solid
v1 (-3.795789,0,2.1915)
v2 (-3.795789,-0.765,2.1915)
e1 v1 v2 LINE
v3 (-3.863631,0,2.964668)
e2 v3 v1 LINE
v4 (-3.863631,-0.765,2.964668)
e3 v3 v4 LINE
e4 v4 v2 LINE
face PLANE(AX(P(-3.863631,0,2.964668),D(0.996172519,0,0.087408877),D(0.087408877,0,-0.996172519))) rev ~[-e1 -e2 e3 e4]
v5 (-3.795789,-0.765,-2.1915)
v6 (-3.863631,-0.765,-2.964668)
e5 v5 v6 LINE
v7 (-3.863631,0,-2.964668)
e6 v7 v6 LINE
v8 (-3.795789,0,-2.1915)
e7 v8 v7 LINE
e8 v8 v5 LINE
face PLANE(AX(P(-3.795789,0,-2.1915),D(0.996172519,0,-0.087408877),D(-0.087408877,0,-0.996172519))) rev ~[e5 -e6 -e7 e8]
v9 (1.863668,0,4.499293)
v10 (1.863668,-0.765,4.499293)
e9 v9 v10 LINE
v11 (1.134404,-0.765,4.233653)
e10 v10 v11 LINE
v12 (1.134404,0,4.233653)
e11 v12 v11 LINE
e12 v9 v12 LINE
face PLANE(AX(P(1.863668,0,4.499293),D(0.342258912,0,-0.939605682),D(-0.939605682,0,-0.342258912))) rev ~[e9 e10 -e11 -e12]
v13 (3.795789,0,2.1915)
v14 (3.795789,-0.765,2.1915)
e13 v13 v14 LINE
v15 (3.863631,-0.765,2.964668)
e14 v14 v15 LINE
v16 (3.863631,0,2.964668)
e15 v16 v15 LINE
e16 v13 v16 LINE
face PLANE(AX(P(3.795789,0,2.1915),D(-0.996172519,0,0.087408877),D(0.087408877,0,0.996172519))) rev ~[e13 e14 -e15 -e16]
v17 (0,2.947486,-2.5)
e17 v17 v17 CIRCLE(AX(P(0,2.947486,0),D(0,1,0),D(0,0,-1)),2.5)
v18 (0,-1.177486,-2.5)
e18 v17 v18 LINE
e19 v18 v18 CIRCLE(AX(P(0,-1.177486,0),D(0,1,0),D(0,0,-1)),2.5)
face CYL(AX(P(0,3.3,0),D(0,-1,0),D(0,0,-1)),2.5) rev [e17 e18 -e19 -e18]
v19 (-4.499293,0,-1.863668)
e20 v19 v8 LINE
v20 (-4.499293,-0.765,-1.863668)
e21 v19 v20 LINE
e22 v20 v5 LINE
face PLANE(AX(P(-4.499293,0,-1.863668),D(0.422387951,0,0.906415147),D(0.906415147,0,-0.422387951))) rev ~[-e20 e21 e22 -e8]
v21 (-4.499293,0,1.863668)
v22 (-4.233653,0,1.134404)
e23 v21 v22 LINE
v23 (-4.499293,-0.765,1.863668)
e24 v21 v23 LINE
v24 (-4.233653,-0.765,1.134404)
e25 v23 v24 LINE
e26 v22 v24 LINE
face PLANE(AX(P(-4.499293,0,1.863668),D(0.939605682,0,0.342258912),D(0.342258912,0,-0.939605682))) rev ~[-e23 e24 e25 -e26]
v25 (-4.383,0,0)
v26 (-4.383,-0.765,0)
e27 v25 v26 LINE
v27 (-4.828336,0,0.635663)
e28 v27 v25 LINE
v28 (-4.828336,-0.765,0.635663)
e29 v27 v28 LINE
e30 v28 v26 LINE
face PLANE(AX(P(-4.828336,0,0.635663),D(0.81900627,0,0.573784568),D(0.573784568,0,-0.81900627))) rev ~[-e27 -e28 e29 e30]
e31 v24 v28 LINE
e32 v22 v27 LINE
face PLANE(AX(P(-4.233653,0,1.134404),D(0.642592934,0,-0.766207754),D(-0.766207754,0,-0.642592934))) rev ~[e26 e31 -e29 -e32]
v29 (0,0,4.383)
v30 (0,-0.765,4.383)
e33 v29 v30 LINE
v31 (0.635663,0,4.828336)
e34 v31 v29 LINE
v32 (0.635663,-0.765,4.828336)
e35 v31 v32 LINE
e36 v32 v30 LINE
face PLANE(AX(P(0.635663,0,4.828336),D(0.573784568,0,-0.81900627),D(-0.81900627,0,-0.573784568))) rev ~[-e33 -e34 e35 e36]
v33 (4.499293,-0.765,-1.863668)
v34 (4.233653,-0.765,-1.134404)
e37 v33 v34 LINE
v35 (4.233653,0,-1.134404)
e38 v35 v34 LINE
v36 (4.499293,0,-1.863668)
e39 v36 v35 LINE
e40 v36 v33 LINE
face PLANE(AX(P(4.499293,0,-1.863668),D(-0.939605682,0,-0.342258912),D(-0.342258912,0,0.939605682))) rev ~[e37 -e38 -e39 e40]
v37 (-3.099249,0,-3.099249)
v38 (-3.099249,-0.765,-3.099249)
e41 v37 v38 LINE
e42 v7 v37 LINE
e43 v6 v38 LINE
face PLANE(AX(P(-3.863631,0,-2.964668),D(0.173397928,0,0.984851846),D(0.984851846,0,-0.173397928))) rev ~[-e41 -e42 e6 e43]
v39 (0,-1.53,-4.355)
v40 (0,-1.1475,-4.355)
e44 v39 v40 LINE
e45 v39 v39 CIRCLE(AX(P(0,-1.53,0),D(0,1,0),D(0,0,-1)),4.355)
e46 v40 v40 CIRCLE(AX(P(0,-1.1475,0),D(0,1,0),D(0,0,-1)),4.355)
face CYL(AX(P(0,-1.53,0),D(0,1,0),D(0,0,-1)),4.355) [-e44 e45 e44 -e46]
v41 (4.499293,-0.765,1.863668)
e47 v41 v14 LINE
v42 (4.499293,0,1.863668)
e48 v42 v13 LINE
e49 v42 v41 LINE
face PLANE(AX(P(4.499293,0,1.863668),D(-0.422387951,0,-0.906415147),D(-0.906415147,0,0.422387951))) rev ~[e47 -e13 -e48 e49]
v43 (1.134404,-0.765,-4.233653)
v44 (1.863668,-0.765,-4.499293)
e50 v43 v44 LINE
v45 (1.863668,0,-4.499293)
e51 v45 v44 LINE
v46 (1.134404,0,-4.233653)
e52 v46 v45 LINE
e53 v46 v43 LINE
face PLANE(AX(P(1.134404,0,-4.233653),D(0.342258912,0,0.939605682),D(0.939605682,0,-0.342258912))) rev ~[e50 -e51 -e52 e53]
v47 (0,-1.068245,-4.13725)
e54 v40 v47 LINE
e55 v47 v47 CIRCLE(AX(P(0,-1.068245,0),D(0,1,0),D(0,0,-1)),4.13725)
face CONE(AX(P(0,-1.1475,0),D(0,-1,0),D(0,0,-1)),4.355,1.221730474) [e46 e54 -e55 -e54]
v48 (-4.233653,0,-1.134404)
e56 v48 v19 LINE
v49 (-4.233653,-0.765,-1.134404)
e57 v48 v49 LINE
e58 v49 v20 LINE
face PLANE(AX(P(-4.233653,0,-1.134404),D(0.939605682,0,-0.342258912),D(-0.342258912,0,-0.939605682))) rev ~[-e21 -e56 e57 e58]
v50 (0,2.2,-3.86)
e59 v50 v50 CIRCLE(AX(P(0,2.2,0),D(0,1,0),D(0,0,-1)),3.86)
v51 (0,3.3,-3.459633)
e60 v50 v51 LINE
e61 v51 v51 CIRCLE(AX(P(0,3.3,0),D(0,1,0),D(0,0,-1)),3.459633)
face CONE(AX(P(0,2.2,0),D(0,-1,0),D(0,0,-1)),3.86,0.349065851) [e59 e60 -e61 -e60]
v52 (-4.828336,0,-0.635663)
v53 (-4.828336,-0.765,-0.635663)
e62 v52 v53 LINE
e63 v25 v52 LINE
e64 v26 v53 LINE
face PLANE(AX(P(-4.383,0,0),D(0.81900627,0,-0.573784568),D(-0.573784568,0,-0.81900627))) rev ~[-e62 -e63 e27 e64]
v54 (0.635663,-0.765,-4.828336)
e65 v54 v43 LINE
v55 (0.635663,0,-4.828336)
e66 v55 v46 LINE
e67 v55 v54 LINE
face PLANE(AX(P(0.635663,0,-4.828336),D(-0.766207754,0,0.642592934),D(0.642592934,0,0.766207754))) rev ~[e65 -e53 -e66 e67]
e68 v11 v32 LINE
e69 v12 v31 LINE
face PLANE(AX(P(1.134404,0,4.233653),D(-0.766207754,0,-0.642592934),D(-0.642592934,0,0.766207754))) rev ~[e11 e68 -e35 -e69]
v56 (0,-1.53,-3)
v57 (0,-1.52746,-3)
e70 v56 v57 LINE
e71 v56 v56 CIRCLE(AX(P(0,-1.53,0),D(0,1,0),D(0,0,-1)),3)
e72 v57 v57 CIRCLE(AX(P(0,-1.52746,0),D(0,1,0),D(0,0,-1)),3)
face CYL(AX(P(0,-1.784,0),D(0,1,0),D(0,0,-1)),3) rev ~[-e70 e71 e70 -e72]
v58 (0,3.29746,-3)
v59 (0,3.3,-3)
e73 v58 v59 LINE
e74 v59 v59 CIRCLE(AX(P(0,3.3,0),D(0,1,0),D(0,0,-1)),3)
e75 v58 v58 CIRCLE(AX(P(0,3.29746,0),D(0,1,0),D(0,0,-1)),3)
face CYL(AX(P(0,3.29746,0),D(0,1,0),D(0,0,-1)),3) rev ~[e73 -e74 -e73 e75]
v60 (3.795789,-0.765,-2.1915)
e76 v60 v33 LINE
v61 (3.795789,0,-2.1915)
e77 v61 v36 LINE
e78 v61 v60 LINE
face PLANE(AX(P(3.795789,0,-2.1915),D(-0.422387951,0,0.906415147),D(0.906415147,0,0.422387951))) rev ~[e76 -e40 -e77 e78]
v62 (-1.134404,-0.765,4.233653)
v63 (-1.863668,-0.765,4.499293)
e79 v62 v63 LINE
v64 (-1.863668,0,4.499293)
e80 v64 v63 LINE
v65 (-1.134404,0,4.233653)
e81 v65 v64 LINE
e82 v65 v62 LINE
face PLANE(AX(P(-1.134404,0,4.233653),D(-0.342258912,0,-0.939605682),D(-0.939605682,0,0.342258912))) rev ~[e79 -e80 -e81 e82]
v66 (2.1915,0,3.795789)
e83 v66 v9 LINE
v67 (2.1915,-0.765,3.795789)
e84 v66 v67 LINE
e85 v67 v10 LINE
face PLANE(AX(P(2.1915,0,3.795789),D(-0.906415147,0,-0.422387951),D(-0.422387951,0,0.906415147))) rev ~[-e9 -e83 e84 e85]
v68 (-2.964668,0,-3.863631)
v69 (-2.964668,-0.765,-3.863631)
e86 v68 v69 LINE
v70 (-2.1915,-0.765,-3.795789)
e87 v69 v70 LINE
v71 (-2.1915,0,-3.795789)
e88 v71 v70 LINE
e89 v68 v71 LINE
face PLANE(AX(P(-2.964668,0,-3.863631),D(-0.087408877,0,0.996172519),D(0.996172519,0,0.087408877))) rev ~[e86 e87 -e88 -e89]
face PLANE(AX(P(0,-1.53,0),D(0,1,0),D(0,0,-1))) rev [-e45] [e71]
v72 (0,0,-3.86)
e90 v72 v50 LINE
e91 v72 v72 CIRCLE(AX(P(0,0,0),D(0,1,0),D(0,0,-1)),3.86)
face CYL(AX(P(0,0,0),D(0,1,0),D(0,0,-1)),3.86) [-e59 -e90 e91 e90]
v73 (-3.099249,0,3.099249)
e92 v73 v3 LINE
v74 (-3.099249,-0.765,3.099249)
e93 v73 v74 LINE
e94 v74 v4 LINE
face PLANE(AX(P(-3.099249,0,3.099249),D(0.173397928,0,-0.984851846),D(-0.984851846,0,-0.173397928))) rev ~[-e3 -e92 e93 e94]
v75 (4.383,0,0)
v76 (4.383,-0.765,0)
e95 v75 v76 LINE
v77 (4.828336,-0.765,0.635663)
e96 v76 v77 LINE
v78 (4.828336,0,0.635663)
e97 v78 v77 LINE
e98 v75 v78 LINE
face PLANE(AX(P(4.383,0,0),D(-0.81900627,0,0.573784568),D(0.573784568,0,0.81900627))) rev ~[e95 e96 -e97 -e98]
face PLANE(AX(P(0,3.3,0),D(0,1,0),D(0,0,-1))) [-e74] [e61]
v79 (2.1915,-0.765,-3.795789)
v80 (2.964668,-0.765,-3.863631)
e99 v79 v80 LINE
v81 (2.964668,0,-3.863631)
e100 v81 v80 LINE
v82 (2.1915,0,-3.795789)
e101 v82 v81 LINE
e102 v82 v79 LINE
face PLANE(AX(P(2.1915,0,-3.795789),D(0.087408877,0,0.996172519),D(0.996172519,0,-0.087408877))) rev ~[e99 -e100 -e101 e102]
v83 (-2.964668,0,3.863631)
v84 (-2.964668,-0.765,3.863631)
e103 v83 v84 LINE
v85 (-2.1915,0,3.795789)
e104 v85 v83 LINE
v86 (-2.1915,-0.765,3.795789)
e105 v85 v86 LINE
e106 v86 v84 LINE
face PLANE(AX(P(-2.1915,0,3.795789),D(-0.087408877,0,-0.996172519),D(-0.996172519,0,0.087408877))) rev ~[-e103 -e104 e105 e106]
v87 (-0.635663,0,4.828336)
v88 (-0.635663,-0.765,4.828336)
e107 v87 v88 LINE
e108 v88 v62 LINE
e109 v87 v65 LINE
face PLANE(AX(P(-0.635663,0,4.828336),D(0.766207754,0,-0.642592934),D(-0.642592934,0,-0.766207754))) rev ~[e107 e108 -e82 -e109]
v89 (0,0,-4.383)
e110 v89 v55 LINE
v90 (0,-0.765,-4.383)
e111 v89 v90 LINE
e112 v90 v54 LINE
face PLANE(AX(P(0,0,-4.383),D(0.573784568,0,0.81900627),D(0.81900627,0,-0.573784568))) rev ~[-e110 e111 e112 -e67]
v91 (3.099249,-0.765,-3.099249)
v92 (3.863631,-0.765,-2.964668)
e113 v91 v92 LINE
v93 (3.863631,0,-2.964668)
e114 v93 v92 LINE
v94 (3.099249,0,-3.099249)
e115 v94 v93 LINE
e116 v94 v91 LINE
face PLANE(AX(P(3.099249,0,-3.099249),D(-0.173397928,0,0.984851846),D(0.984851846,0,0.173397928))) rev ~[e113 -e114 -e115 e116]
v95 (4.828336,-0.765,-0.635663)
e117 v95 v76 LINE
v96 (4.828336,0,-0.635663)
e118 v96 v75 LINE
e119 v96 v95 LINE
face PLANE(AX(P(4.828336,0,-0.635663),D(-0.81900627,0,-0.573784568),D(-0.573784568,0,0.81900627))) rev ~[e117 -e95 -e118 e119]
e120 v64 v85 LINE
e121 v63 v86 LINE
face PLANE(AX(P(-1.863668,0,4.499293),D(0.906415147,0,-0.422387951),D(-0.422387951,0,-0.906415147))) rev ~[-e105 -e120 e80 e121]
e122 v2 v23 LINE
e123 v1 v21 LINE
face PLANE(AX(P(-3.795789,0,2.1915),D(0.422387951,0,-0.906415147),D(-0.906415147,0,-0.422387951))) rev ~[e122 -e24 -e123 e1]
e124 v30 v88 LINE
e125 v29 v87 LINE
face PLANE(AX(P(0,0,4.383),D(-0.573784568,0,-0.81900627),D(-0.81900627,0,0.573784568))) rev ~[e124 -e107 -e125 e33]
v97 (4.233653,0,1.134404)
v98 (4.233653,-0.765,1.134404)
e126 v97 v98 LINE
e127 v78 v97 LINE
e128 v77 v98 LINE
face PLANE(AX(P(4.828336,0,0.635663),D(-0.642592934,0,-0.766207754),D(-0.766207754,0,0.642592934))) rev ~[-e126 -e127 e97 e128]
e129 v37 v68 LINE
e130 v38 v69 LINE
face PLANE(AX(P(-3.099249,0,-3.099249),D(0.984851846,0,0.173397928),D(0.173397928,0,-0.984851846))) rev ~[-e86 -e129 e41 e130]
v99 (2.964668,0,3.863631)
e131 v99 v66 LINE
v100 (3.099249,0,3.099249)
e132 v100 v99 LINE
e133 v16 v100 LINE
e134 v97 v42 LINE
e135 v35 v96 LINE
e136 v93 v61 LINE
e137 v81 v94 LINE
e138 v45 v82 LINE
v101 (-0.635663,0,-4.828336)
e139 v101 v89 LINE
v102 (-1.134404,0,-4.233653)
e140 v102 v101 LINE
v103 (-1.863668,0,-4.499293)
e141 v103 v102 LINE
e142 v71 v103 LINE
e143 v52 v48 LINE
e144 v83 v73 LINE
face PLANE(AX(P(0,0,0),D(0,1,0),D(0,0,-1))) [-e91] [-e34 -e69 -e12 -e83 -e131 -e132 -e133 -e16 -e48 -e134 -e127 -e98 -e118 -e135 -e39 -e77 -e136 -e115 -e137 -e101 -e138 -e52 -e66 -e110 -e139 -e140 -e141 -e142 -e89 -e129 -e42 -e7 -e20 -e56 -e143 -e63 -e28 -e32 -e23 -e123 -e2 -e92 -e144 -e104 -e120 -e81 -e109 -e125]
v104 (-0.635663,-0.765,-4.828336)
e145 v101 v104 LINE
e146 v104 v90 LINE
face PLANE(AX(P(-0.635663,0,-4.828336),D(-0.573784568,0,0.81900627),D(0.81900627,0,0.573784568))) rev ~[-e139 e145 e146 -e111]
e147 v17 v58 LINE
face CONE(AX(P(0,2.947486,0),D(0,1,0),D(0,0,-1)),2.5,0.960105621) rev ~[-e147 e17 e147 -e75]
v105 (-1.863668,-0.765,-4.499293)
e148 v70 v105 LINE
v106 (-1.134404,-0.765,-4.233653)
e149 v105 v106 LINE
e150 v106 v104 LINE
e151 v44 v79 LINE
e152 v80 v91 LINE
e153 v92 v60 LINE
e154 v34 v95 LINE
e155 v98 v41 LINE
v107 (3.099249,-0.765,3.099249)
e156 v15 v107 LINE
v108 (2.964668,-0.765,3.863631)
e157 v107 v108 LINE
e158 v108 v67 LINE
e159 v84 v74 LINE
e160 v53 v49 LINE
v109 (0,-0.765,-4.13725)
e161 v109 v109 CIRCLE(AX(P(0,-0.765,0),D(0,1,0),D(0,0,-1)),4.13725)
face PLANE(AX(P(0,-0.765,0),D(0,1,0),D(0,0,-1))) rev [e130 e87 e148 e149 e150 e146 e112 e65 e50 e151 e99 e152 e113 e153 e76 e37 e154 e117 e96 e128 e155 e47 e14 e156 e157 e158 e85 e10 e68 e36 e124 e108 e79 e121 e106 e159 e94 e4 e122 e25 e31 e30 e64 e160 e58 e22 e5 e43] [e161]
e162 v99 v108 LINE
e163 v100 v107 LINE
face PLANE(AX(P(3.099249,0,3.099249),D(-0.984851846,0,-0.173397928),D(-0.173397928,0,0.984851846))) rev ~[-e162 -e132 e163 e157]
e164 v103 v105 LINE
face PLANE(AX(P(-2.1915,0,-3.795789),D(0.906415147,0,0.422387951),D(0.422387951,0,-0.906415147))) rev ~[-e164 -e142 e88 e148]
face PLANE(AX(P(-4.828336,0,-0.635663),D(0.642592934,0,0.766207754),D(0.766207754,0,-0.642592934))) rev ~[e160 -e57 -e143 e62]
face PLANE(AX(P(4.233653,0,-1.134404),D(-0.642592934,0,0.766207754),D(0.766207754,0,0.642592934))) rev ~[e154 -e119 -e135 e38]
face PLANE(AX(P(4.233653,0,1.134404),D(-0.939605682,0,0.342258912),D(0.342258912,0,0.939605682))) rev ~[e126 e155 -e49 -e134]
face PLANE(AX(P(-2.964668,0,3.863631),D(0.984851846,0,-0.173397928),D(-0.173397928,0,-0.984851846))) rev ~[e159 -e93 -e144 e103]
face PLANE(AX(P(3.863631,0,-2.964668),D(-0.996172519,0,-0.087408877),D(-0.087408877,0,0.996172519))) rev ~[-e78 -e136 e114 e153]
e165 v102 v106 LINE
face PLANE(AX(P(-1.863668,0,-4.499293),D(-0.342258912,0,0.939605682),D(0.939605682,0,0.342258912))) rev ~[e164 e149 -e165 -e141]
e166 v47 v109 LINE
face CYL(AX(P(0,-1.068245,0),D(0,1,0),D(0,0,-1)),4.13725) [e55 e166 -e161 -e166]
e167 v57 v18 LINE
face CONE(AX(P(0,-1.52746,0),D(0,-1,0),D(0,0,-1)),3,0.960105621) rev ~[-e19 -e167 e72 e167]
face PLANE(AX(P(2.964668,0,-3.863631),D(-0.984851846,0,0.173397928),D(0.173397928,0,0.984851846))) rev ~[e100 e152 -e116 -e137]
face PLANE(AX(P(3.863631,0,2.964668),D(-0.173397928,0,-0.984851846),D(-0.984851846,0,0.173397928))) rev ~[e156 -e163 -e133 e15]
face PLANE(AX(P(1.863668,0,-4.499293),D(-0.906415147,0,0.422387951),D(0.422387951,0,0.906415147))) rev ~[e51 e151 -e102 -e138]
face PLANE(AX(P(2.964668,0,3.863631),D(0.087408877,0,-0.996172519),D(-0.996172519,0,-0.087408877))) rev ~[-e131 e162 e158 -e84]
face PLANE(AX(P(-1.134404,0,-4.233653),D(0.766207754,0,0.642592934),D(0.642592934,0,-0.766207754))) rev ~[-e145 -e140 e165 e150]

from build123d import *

# Parameters (mm, degrees)
CLINCHCUT_START    = -0.765
CLINCHCUT_DEPTH    = 0.765
CLINCHCUTPAT_COUNT = 24
CLINCHCUTPAT_ANGLE = 345


with BuildPart() as part:
    # BodySke → Body (revolve)
    with BuildSketch(Plane.XY, mode=Mode.PRIVATE) as body_sk:
        Polygon((4.13725, -1.068245481), (4.13725, -0.765), (4.87, -0.765), (4.87, 0), (3.86, 0), (3.86, 2.2), (3.459632742, 3.3), (2.5, 3.3), (2.5, -1.53), (4.355, -1.53), (4.355, -1.1475), align=None)
    revolve(body_sk.sketch.rotate(Axis((0, 0, 0), (0, 1, 0)), 90), axis=Axis((0, 0, 0), (0, 1, 0)))

    # EndChamferSke → EndChamfer (revolve, cut)
    with BuildSketch(Plane.XY, mode=Mode.PRIVATE) as endchamfer_sk:
        Polygon((3, -1.784), (3, -1.52746), (2.5, -1.177486267), (2.5, -1.784), align=None)
        Polygon((3, 3.29746), (3, 3.554), (2.5, 3.554), (2.5, 2.947486267), align=None)
    revolve(endchamfer_sk.sketch.rotate(Axis((0, -2.54, 0), (0, 1, 0)), 90), axis=Axis((0, -2.54, 0), (0, 1, 0)), mode=Mode.SUBTRACT)

    # CliRinCutSke → ClinchCut (cut)
    with BuildSketch(Plane.XZ.offset(0.765).offset(CLINCHCUT_START)):
        with BuildLine():
            Line((0.635662556, 4.828336475), (0, 4.383))
            Line((0, 4.383), (-0.635662556, 4.828336475))
            ThreePointArc((-0.635662556, 4.828336475), (0, 4.87), (0.635662556, 4.828336475))
        make_face()
    clinchcut = extrude(amount=CLINCHCUT_DEPTH, mode=Mode.SUBTRACT)

    # ClinchCutPat: ClinchCut ×24 about axis
    clinchcutpat_axis = Axis((0, 0, 0), (0, 1, 0))
    for i in range(1, CLINCHCUTPAT_COUNT):
        add(clinchcut.rotate(clinchcutpat_axis, i * CLINCHCUTPAT_ANGLE / (CLINCHCUTPAT_COUNT - 1)), mode=Mode.SUBTRACT)


solid = part.part
